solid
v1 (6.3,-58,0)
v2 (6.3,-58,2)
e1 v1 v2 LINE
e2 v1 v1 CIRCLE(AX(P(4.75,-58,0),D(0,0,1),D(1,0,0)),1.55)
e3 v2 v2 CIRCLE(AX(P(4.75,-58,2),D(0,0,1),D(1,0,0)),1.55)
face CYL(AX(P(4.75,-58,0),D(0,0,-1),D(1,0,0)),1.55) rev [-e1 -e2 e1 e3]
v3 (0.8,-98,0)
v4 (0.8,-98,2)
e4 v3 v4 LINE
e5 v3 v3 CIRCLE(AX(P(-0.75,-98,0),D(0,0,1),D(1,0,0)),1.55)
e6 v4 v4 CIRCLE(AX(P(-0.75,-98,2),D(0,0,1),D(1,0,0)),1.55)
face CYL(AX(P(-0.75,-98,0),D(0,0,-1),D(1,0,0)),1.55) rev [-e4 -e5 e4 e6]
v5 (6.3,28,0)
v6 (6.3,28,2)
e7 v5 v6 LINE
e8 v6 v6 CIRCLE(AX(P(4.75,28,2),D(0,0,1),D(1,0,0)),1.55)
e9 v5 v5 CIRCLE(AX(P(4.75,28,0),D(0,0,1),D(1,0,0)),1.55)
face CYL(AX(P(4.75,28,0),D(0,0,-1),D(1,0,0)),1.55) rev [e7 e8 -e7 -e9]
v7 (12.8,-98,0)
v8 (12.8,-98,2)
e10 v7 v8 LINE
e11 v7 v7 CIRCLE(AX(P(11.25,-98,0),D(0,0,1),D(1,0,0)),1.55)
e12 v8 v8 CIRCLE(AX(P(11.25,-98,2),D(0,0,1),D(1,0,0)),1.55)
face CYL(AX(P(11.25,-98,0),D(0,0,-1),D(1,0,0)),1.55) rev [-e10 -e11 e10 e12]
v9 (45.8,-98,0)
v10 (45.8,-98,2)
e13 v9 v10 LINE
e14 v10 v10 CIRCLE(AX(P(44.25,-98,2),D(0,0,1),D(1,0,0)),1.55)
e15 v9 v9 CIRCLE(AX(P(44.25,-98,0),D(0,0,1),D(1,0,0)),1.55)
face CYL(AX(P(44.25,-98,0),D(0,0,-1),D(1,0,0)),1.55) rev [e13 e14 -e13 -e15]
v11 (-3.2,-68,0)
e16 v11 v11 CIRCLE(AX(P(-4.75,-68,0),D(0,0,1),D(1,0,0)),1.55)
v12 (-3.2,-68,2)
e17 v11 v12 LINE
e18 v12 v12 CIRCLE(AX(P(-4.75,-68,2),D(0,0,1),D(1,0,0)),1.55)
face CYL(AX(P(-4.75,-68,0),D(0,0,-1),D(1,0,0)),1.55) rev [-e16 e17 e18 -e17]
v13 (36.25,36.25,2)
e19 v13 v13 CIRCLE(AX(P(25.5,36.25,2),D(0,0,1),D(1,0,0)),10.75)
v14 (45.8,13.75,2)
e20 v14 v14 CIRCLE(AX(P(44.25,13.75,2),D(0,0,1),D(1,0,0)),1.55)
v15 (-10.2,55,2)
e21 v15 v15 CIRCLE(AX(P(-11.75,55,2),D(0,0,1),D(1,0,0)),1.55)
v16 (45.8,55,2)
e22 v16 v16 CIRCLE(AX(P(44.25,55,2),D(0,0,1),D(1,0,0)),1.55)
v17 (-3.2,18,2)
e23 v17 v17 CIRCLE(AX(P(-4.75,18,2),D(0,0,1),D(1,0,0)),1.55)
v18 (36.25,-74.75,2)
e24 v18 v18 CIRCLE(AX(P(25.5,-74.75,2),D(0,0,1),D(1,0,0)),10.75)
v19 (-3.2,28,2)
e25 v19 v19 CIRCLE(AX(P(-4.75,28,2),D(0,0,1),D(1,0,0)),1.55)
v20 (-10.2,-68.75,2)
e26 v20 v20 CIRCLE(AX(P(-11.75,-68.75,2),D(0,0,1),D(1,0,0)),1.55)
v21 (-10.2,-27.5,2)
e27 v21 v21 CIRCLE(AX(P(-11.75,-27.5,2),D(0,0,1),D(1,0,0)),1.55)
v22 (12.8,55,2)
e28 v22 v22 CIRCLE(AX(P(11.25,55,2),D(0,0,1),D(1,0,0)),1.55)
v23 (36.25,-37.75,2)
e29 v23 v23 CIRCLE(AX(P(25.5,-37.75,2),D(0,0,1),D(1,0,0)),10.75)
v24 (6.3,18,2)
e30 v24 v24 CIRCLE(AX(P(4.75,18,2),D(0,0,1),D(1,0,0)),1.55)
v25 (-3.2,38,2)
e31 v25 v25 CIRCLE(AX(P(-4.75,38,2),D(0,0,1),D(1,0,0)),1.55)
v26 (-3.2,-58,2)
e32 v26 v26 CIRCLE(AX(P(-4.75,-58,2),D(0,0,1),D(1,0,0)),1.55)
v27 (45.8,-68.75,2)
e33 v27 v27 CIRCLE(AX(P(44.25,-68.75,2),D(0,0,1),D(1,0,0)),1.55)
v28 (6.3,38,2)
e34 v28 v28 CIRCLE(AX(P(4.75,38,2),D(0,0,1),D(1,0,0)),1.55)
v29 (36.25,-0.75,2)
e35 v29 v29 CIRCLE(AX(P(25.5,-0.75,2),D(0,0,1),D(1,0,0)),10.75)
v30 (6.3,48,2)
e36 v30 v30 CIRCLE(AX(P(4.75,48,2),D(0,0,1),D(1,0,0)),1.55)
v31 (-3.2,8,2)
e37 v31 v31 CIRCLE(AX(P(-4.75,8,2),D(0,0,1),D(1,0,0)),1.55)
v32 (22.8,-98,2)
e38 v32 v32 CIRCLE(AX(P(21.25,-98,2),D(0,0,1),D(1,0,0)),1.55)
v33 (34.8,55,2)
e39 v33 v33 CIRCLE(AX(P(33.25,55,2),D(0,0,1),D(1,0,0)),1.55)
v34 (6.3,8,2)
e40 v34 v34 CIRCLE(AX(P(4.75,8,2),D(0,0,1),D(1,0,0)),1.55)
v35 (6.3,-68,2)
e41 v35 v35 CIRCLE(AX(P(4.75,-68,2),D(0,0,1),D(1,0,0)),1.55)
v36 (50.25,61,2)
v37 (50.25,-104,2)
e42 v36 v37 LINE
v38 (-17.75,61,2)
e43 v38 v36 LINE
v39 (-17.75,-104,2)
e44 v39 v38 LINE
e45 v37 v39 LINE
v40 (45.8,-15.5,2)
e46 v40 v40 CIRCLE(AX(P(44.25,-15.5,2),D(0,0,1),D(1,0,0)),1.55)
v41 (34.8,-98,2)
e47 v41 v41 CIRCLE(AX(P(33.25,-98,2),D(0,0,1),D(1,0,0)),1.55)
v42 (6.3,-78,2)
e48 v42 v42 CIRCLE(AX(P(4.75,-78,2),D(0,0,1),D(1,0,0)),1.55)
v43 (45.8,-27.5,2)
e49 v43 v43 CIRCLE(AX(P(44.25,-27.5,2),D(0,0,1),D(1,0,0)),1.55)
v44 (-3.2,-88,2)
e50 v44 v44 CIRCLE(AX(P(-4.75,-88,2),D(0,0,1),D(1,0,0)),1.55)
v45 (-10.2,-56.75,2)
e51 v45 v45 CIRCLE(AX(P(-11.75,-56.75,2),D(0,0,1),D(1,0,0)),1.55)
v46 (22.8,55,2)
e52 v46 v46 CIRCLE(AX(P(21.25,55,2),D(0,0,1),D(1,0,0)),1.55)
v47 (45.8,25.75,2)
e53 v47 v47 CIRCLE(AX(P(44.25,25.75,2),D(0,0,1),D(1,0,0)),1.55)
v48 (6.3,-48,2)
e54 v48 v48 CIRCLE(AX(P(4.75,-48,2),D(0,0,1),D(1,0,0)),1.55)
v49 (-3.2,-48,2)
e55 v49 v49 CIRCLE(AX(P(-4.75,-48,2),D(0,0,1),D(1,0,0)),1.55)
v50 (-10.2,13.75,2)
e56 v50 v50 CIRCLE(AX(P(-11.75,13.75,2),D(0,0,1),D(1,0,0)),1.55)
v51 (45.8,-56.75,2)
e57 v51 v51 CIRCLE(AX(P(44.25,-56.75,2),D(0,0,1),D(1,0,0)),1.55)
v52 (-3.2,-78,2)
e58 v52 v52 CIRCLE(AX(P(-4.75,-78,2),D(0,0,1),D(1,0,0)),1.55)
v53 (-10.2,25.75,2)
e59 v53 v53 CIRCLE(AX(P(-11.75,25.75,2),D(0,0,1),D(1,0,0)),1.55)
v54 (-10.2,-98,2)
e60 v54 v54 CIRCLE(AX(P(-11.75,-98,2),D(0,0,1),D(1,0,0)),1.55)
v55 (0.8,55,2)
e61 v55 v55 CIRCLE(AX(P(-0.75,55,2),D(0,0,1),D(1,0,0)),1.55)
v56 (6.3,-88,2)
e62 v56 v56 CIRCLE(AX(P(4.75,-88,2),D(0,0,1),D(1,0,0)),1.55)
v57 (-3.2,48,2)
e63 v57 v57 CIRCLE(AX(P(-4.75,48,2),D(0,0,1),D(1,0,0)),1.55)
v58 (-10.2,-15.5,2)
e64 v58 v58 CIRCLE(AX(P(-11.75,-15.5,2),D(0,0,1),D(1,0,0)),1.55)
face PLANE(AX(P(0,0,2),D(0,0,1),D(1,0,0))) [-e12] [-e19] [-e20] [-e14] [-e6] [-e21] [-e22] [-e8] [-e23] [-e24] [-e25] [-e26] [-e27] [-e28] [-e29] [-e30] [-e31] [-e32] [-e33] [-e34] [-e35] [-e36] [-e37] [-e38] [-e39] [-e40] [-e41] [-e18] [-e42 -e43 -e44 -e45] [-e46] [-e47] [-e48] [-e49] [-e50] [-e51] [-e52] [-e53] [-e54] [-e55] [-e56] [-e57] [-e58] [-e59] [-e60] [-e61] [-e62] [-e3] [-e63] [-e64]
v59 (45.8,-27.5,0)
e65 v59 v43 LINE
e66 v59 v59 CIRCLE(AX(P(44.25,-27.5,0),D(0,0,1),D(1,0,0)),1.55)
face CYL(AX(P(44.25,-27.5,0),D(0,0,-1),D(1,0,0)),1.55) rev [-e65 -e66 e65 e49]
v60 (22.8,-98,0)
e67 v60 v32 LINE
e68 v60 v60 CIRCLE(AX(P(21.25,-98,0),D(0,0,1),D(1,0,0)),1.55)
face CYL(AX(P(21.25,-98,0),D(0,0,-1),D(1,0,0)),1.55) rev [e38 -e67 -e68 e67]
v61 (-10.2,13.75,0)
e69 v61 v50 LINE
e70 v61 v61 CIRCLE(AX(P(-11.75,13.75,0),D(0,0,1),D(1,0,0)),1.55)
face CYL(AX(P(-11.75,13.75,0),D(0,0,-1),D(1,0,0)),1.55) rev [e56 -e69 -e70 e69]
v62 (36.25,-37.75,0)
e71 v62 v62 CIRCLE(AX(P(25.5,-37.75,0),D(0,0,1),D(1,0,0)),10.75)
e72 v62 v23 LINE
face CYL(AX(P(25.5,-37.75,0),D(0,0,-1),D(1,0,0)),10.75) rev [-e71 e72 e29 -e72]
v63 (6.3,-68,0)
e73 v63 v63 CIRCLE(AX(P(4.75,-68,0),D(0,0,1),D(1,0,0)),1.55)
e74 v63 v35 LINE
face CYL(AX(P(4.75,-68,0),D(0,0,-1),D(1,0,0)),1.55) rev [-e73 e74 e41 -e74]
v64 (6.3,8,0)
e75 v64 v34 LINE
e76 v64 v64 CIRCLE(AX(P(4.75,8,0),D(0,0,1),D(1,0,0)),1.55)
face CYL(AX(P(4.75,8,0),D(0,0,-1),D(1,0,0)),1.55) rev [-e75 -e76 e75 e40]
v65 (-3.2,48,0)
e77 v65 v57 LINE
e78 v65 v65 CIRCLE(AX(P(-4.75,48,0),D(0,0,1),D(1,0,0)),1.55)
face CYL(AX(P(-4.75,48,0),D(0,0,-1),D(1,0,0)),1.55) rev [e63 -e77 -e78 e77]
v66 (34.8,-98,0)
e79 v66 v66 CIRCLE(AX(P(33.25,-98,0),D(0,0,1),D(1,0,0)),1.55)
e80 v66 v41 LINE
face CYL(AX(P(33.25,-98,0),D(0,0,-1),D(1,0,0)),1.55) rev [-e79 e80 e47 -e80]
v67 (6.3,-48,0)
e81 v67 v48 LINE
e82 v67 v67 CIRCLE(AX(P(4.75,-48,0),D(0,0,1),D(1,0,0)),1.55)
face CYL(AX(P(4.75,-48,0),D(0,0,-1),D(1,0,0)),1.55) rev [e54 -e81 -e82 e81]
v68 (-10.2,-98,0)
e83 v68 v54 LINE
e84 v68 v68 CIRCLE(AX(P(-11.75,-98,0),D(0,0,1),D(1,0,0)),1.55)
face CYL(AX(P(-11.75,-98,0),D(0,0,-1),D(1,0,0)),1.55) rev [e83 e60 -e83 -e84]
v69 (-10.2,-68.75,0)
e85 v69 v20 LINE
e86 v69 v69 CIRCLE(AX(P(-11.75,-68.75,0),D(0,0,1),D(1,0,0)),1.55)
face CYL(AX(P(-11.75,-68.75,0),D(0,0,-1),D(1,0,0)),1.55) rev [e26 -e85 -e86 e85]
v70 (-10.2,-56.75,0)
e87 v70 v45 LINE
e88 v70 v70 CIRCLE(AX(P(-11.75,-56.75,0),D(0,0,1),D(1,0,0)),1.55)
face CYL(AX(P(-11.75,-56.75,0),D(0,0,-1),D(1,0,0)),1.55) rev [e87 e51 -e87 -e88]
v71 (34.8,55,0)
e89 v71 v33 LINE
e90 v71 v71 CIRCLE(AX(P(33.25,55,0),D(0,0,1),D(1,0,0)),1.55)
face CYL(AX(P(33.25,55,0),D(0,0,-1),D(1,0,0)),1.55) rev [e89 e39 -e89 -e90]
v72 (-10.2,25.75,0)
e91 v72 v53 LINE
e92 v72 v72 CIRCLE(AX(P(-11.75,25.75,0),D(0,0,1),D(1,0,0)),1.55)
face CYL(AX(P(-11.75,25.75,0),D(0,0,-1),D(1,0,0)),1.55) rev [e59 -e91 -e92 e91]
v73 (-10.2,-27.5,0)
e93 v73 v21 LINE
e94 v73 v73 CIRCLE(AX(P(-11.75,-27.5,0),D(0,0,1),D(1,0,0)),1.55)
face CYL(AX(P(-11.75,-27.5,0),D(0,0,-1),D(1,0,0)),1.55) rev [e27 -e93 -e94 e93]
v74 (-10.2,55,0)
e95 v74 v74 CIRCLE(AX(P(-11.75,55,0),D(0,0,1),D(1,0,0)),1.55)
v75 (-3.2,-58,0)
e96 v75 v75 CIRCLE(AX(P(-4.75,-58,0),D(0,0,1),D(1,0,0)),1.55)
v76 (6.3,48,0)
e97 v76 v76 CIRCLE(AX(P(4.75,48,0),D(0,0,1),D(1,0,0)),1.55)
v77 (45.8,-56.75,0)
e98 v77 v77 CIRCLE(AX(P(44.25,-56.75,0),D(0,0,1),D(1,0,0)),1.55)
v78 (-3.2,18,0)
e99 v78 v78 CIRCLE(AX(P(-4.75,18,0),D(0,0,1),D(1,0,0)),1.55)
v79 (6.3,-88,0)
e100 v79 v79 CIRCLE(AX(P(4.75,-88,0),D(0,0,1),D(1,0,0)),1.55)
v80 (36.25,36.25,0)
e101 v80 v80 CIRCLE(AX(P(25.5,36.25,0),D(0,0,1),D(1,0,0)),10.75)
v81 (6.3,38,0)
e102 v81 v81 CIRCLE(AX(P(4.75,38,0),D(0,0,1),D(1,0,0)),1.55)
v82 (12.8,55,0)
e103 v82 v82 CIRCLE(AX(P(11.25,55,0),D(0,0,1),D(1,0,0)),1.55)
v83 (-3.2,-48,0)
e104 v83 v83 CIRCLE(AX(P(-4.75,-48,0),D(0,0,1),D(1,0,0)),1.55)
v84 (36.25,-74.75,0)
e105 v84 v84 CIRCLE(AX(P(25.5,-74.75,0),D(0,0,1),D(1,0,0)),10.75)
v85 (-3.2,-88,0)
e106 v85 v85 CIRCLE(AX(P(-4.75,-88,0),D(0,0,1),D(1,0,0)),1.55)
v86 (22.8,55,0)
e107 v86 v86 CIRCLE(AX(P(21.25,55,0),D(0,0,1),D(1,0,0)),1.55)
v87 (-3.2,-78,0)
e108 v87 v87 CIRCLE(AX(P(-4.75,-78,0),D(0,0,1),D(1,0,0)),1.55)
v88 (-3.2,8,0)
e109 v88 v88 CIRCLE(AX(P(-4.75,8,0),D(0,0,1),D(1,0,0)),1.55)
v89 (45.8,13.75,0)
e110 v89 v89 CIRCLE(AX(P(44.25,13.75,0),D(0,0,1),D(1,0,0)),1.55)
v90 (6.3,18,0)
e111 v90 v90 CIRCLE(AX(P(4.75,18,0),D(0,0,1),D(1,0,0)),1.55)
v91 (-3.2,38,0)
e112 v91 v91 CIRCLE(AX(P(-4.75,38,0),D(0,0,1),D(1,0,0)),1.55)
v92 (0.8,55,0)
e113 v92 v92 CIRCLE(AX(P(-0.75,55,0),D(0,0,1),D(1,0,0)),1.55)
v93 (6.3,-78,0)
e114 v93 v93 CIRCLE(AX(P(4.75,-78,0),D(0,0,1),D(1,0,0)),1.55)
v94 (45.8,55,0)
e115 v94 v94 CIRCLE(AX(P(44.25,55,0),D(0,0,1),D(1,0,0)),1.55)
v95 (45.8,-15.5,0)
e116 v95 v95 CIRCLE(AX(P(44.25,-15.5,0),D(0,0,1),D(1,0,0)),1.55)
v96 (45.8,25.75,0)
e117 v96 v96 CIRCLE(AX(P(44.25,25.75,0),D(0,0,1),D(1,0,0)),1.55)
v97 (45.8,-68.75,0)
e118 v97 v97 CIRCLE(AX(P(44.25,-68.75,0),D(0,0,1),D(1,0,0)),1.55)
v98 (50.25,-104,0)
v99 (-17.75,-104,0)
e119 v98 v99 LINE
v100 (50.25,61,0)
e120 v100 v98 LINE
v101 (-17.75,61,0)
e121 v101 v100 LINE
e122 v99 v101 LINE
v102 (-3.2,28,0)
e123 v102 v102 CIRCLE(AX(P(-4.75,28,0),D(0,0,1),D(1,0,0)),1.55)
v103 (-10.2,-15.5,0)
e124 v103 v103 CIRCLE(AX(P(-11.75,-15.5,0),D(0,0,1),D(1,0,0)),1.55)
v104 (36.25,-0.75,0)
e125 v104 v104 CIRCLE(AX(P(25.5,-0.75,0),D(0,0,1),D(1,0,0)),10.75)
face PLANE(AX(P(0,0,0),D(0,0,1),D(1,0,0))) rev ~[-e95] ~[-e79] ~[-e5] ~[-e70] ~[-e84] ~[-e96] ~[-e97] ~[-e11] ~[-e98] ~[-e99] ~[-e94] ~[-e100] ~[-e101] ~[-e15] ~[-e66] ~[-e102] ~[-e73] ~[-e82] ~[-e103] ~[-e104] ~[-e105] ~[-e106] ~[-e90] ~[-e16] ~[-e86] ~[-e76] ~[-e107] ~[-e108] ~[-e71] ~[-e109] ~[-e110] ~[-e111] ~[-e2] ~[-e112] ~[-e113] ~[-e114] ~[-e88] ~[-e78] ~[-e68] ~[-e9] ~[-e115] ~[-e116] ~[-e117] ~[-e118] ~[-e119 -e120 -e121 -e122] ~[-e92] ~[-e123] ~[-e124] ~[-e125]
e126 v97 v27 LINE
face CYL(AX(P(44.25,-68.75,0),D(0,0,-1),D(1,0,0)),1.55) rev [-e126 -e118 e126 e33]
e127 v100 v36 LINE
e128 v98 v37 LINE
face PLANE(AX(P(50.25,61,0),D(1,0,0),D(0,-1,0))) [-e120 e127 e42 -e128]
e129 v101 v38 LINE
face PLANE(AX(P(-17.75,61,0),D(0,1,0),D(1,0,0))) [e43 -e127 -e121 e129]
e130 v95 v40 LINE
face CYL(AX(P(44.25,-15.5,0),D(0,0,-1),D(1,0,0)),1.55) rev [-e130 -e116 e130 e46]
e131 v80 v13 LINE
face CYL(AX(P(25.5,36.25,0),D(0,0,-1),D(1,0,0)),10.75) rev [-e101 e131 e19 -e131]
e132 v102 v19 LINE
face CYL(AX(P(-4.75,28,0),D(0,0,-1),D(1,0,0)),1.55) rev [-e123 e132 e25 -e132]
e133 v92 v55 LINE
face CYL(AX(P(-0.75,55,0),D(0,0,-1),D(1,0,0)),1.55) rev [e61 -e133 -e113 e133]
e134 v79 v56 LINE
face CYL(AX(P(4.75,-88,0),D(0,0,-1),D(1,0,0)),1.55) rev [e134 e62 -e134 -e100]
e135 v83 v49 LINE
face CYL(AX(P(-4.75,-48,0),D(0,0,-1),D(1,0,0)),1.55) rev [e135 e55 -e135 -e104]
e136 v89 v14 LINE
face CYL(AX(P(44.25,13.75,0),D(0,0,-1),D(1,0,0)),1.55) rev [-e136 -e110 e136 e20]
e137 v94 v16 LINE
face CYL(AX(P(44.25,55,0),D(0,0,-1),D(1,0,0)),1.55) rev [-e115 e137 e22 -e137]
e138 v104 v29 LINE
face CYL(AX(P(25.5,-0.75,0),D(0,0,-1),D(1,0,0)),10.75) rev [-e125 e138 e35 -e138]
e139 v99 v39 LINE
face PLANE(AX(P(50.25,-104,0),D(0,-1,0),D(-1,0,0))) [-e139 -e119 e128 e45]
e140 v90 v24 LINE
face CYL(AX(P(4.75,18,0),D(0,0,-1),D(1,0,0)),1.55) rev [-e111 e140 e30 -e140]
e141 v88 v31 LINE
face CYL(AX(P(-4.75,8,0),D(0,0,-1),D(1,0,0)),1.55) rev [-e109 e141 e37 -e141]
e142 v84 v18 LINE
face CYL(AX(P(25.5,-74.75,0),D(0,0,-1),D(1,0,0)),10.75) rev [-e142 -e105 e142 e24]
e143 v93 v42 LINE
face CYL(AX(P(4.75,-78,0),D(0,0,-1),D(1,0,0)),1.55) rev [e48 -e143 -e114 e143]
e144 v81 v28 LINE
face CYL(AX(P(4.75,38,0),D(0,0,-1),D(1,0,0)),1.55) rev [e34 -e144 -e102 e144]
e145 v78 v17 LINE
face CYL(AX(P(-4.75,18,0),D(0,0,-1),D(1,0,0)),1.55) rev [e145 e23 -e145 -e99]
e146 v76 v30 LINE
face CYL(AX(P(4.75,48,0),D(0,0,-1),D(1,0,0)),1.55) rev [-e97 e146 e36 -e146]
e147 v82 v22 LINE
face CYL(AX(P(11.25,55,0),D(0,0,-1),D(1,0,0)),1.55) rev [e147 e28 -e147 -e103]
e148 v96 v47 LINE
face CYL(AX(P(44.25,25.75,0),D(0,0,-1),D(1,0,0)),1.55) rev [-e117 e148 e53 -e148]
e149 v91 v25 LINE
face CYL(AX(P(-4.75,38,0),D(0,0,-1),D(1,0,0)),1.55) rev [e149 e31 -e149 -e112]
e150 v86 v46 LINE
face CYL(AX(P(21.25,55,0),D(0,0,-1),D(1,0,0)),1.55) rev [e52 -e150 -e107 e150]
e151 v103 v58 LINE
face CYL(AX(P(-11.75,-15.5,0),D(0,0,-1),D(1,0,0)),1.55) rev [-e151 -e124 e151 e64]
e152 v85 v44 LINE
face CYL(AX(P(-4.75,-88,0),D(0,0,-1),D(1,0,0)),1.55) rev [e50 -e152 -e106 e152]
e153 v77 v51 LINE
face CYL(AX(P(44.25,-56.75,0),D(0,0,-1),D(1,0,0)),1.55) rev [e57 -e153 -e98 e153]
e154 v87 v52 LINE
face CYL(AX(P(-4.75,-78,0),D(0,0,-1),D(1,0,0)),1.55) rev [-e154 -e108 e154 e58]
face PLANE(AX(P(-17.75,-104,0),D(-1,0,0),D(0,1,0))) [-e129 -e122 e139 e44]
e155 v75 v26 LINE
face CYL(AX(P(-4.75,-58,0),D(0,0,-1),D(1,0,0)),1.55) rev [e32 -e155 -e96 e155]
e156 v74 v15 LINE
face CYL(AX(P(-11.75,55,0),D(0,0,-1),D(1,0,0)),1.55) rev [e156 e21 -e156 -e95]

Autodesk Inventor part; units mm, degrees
ref_plane "YZ Plane" through (0, 0, 0) normal (1, 0, 0) x (0, 1, 0)
ref_plane "XZ Plane" through (0, 0, 0) normal (0, 1, 0) x (-1, 0, 0)
ref_plane "XY Plane" through (0, 0, 0) normal (0, 0, 1) x (1, 0, 0)
sketch "スケッチ1" plane through (0, 0, 0) normal (0, 0, 1) x (1, 0, 0)
  circle A0 centre (-4.75, 48) radius 1.55
  circle A1 centre (4.75, 48) radius 1.55
  circle A2 centre (-4.75, -48) radius 1.55
  circle A3 centre (4.75, -48) radius 1.55
  line L0 (-4.75, -48) -> (4.75, -48) construction
  line L1 (4.75, -48) -> (4.75, 48) construction
  line L2 (4.75, 48) -> (-4.75, 48) construction
  line L3 (-4.75, 48) -> (-4.75, -48) construction
  line L4 (-4.75, -48) -> (4.75, 48) construction
  line L5 (4.75, -48) -> (-4.75, 48) construction
  line L6 (-17.75, 61) -> (50.25, 61)
  line L7 (50.25, 61) -> (50.25, -104)
  line L8 (50.25, -104) -> (-17.75, -104)
  line L9 (-17.75, -104) -> (-17.75, 61)
  circle A4 centre (44.25, 55) radius 1.55
  line L10 (16.25, 61) -> (16.25, -104) construction
  line L11 (16.25, -21.5) -> (50.25, -21.5) construction
  circle A5 centre (21.25, 55) radius 1.55
  circle A6 centre (33.25, 55) radius 1.55
  line L12 (16.25, 19.75) -> (50.25, 19.75) construction
  line L13 (16.25, 40.375) -> (50.25, 40.375) construction
  circle A7 centre (44.25, 25.75) radius 1.55
  circle A8 centre (44.25, -15.5) radius 1.55
  circle A9 centre (44.25, 13.75) radius 1.55
  circle A10 centre (44.25, -98) radius 1.55
  circle A11 centre (21.25, -98) radius 1.55
  circle A12 centre (33.25, -98) radius 1.55
  circle A13 centre (44.25, -68.75) radius 1.55
  circle A14 centre (44.25, -27.5) radius 1.55
  circle A15 centre (44.25, -56.75) radius 1.55
  circle A16 centre (-11.75, 55) radius 1.55
  circle A17 centre (11.25, 55) radius 1.55
  circle A18 centre (-0.75, 55) radius 1.55
  circle A19 centre (-11.75, 25.75) radius 1.55
  circle A20 centre (-11.75, -15.5) radius 1.55
  circle A21 centre (-11.75, 13.75) radius 1.55
  circle A22 centre (-11.75, -27.5) radius 1.55
  circle A23 centre (-11.75, -56.75) radius 1.55
  circle A24 centre (11.25, -98) radius 1.55
  circle A25 centre (-0.75, -98) radius 1.55
  circle A26 centre (-11.75, -98) radius 1.55
  circle A27 centre (-11.75, -68.75) radius 1.55
  circle A28 centre (-4.75, 38) radius 1.55
  circle A29 centre (4.75, 38) radius 1.55
  circle A30 centre (-4.75, -58) radius 1.55
  circle A31 centre (4.75, -58) radius 1.55
  circle A32 centre (-4.75, 28) radius 1.55
  circle A33 centre (4.75, 28) radius 1.55
  circle A34 centre (-4.75, -68) radius 1.55
  circle A35 centre (4.75, -68) radius 1.55
  circle A36 centre (-4.75, 18) radius 1.55
  circle A37 centre (4.75, 18) radius 1.55
  circle A38 centre (-4.75, -78) radius 1.55
  circle A39 centre (4.75, -78) radius 1.55
  circle A40 centre (-4.75, 8) radius 1.55
  circle A41 centre (4.75, 8) radius 1.55
  circle A42 centre (-4.75, -88) radius 1.55
  circle A43 centre (4.75, -88) radius 1.55
  circle A44 centre (25.5, 36.25) radius 10.75
  line L14 (14.75, 47) -> (36.25, 47) construction
  line L15 (36.25, 47) -> (36.25, -90) construction
  line L16 (36.25, -90) -> (14.75, -90) construction
  line L17 (14.75, -90) -> (14.75, 47) construction
  circle A45 centre (25.5, -0.75) radius 10.75
  circle A46 centre (25.5, -37.75) radius 10.75
  circle A47 centre (25.5, -74.75) radius 10.75
  circle A48 centre (4.75, 48) radius 2.75 construction
  point P0 (0, 0)
  dimension "d0" = 3.1
  dimension "d1" = 9.5
  dimension "d2" = 96
  dimension "d3" = 13
  dimension "d4" = 13
  dimension "d7" = 165
  dimension "d8" = 68
  dimension "d16" = 3.1
  dimension "d17" = 6
  dimension "d18" = 6
  dimension "d19" = 5
  dimension "d20" = 17
  dimension "d21" = 41.25
  dimension "d22" = 20.625
  dimension "d25" = 10
  dimension "d30" = 10
  dimension "d31" = 8
  dimension "d32" = 8
  dimension "d35" = 37
  dimension "d40" = 8
  dimension "d41" = 5.5
extrude "押し出し1" add sketch "スケッチ1" along normal blind 2
equation "\"d1\" = d20_1"
equation "\"d4\" = d3"
equation "\"d8\" = 足_短辺"
equation "\"d18\" = d17"
equation "\"d20\" = 0.25 * d8"
equation "\"d21\" = 0.25 * d7"
equation "\"d22\" = 0.5 * d21"
equation "\"d31\" = d32"
equation "\"d40\" = d31"
equation "\"H_head\" = 28.5"
equation "\"H_leg\" = 306"
equation "\"足の面積\" = 12720.125"
equation "\"現在の面積\" = 11560"
equation "\"足_短辺\" = 68"
equation "\"円柱\" = 313.5"
equation "\"胴体中心から手先\" = 342"
equation "\"H_leg_1\" = 186.2"
equation "\"H_leg_MAX\" = 399"
equation "\"H_head_1\" = 26.6"
equation "\"H_head_MAX\" = 142.5"
equation "\"d20_1\" = 9.5"
properties part number "足裏_メインフレーム_1_3" material "GFRP"
